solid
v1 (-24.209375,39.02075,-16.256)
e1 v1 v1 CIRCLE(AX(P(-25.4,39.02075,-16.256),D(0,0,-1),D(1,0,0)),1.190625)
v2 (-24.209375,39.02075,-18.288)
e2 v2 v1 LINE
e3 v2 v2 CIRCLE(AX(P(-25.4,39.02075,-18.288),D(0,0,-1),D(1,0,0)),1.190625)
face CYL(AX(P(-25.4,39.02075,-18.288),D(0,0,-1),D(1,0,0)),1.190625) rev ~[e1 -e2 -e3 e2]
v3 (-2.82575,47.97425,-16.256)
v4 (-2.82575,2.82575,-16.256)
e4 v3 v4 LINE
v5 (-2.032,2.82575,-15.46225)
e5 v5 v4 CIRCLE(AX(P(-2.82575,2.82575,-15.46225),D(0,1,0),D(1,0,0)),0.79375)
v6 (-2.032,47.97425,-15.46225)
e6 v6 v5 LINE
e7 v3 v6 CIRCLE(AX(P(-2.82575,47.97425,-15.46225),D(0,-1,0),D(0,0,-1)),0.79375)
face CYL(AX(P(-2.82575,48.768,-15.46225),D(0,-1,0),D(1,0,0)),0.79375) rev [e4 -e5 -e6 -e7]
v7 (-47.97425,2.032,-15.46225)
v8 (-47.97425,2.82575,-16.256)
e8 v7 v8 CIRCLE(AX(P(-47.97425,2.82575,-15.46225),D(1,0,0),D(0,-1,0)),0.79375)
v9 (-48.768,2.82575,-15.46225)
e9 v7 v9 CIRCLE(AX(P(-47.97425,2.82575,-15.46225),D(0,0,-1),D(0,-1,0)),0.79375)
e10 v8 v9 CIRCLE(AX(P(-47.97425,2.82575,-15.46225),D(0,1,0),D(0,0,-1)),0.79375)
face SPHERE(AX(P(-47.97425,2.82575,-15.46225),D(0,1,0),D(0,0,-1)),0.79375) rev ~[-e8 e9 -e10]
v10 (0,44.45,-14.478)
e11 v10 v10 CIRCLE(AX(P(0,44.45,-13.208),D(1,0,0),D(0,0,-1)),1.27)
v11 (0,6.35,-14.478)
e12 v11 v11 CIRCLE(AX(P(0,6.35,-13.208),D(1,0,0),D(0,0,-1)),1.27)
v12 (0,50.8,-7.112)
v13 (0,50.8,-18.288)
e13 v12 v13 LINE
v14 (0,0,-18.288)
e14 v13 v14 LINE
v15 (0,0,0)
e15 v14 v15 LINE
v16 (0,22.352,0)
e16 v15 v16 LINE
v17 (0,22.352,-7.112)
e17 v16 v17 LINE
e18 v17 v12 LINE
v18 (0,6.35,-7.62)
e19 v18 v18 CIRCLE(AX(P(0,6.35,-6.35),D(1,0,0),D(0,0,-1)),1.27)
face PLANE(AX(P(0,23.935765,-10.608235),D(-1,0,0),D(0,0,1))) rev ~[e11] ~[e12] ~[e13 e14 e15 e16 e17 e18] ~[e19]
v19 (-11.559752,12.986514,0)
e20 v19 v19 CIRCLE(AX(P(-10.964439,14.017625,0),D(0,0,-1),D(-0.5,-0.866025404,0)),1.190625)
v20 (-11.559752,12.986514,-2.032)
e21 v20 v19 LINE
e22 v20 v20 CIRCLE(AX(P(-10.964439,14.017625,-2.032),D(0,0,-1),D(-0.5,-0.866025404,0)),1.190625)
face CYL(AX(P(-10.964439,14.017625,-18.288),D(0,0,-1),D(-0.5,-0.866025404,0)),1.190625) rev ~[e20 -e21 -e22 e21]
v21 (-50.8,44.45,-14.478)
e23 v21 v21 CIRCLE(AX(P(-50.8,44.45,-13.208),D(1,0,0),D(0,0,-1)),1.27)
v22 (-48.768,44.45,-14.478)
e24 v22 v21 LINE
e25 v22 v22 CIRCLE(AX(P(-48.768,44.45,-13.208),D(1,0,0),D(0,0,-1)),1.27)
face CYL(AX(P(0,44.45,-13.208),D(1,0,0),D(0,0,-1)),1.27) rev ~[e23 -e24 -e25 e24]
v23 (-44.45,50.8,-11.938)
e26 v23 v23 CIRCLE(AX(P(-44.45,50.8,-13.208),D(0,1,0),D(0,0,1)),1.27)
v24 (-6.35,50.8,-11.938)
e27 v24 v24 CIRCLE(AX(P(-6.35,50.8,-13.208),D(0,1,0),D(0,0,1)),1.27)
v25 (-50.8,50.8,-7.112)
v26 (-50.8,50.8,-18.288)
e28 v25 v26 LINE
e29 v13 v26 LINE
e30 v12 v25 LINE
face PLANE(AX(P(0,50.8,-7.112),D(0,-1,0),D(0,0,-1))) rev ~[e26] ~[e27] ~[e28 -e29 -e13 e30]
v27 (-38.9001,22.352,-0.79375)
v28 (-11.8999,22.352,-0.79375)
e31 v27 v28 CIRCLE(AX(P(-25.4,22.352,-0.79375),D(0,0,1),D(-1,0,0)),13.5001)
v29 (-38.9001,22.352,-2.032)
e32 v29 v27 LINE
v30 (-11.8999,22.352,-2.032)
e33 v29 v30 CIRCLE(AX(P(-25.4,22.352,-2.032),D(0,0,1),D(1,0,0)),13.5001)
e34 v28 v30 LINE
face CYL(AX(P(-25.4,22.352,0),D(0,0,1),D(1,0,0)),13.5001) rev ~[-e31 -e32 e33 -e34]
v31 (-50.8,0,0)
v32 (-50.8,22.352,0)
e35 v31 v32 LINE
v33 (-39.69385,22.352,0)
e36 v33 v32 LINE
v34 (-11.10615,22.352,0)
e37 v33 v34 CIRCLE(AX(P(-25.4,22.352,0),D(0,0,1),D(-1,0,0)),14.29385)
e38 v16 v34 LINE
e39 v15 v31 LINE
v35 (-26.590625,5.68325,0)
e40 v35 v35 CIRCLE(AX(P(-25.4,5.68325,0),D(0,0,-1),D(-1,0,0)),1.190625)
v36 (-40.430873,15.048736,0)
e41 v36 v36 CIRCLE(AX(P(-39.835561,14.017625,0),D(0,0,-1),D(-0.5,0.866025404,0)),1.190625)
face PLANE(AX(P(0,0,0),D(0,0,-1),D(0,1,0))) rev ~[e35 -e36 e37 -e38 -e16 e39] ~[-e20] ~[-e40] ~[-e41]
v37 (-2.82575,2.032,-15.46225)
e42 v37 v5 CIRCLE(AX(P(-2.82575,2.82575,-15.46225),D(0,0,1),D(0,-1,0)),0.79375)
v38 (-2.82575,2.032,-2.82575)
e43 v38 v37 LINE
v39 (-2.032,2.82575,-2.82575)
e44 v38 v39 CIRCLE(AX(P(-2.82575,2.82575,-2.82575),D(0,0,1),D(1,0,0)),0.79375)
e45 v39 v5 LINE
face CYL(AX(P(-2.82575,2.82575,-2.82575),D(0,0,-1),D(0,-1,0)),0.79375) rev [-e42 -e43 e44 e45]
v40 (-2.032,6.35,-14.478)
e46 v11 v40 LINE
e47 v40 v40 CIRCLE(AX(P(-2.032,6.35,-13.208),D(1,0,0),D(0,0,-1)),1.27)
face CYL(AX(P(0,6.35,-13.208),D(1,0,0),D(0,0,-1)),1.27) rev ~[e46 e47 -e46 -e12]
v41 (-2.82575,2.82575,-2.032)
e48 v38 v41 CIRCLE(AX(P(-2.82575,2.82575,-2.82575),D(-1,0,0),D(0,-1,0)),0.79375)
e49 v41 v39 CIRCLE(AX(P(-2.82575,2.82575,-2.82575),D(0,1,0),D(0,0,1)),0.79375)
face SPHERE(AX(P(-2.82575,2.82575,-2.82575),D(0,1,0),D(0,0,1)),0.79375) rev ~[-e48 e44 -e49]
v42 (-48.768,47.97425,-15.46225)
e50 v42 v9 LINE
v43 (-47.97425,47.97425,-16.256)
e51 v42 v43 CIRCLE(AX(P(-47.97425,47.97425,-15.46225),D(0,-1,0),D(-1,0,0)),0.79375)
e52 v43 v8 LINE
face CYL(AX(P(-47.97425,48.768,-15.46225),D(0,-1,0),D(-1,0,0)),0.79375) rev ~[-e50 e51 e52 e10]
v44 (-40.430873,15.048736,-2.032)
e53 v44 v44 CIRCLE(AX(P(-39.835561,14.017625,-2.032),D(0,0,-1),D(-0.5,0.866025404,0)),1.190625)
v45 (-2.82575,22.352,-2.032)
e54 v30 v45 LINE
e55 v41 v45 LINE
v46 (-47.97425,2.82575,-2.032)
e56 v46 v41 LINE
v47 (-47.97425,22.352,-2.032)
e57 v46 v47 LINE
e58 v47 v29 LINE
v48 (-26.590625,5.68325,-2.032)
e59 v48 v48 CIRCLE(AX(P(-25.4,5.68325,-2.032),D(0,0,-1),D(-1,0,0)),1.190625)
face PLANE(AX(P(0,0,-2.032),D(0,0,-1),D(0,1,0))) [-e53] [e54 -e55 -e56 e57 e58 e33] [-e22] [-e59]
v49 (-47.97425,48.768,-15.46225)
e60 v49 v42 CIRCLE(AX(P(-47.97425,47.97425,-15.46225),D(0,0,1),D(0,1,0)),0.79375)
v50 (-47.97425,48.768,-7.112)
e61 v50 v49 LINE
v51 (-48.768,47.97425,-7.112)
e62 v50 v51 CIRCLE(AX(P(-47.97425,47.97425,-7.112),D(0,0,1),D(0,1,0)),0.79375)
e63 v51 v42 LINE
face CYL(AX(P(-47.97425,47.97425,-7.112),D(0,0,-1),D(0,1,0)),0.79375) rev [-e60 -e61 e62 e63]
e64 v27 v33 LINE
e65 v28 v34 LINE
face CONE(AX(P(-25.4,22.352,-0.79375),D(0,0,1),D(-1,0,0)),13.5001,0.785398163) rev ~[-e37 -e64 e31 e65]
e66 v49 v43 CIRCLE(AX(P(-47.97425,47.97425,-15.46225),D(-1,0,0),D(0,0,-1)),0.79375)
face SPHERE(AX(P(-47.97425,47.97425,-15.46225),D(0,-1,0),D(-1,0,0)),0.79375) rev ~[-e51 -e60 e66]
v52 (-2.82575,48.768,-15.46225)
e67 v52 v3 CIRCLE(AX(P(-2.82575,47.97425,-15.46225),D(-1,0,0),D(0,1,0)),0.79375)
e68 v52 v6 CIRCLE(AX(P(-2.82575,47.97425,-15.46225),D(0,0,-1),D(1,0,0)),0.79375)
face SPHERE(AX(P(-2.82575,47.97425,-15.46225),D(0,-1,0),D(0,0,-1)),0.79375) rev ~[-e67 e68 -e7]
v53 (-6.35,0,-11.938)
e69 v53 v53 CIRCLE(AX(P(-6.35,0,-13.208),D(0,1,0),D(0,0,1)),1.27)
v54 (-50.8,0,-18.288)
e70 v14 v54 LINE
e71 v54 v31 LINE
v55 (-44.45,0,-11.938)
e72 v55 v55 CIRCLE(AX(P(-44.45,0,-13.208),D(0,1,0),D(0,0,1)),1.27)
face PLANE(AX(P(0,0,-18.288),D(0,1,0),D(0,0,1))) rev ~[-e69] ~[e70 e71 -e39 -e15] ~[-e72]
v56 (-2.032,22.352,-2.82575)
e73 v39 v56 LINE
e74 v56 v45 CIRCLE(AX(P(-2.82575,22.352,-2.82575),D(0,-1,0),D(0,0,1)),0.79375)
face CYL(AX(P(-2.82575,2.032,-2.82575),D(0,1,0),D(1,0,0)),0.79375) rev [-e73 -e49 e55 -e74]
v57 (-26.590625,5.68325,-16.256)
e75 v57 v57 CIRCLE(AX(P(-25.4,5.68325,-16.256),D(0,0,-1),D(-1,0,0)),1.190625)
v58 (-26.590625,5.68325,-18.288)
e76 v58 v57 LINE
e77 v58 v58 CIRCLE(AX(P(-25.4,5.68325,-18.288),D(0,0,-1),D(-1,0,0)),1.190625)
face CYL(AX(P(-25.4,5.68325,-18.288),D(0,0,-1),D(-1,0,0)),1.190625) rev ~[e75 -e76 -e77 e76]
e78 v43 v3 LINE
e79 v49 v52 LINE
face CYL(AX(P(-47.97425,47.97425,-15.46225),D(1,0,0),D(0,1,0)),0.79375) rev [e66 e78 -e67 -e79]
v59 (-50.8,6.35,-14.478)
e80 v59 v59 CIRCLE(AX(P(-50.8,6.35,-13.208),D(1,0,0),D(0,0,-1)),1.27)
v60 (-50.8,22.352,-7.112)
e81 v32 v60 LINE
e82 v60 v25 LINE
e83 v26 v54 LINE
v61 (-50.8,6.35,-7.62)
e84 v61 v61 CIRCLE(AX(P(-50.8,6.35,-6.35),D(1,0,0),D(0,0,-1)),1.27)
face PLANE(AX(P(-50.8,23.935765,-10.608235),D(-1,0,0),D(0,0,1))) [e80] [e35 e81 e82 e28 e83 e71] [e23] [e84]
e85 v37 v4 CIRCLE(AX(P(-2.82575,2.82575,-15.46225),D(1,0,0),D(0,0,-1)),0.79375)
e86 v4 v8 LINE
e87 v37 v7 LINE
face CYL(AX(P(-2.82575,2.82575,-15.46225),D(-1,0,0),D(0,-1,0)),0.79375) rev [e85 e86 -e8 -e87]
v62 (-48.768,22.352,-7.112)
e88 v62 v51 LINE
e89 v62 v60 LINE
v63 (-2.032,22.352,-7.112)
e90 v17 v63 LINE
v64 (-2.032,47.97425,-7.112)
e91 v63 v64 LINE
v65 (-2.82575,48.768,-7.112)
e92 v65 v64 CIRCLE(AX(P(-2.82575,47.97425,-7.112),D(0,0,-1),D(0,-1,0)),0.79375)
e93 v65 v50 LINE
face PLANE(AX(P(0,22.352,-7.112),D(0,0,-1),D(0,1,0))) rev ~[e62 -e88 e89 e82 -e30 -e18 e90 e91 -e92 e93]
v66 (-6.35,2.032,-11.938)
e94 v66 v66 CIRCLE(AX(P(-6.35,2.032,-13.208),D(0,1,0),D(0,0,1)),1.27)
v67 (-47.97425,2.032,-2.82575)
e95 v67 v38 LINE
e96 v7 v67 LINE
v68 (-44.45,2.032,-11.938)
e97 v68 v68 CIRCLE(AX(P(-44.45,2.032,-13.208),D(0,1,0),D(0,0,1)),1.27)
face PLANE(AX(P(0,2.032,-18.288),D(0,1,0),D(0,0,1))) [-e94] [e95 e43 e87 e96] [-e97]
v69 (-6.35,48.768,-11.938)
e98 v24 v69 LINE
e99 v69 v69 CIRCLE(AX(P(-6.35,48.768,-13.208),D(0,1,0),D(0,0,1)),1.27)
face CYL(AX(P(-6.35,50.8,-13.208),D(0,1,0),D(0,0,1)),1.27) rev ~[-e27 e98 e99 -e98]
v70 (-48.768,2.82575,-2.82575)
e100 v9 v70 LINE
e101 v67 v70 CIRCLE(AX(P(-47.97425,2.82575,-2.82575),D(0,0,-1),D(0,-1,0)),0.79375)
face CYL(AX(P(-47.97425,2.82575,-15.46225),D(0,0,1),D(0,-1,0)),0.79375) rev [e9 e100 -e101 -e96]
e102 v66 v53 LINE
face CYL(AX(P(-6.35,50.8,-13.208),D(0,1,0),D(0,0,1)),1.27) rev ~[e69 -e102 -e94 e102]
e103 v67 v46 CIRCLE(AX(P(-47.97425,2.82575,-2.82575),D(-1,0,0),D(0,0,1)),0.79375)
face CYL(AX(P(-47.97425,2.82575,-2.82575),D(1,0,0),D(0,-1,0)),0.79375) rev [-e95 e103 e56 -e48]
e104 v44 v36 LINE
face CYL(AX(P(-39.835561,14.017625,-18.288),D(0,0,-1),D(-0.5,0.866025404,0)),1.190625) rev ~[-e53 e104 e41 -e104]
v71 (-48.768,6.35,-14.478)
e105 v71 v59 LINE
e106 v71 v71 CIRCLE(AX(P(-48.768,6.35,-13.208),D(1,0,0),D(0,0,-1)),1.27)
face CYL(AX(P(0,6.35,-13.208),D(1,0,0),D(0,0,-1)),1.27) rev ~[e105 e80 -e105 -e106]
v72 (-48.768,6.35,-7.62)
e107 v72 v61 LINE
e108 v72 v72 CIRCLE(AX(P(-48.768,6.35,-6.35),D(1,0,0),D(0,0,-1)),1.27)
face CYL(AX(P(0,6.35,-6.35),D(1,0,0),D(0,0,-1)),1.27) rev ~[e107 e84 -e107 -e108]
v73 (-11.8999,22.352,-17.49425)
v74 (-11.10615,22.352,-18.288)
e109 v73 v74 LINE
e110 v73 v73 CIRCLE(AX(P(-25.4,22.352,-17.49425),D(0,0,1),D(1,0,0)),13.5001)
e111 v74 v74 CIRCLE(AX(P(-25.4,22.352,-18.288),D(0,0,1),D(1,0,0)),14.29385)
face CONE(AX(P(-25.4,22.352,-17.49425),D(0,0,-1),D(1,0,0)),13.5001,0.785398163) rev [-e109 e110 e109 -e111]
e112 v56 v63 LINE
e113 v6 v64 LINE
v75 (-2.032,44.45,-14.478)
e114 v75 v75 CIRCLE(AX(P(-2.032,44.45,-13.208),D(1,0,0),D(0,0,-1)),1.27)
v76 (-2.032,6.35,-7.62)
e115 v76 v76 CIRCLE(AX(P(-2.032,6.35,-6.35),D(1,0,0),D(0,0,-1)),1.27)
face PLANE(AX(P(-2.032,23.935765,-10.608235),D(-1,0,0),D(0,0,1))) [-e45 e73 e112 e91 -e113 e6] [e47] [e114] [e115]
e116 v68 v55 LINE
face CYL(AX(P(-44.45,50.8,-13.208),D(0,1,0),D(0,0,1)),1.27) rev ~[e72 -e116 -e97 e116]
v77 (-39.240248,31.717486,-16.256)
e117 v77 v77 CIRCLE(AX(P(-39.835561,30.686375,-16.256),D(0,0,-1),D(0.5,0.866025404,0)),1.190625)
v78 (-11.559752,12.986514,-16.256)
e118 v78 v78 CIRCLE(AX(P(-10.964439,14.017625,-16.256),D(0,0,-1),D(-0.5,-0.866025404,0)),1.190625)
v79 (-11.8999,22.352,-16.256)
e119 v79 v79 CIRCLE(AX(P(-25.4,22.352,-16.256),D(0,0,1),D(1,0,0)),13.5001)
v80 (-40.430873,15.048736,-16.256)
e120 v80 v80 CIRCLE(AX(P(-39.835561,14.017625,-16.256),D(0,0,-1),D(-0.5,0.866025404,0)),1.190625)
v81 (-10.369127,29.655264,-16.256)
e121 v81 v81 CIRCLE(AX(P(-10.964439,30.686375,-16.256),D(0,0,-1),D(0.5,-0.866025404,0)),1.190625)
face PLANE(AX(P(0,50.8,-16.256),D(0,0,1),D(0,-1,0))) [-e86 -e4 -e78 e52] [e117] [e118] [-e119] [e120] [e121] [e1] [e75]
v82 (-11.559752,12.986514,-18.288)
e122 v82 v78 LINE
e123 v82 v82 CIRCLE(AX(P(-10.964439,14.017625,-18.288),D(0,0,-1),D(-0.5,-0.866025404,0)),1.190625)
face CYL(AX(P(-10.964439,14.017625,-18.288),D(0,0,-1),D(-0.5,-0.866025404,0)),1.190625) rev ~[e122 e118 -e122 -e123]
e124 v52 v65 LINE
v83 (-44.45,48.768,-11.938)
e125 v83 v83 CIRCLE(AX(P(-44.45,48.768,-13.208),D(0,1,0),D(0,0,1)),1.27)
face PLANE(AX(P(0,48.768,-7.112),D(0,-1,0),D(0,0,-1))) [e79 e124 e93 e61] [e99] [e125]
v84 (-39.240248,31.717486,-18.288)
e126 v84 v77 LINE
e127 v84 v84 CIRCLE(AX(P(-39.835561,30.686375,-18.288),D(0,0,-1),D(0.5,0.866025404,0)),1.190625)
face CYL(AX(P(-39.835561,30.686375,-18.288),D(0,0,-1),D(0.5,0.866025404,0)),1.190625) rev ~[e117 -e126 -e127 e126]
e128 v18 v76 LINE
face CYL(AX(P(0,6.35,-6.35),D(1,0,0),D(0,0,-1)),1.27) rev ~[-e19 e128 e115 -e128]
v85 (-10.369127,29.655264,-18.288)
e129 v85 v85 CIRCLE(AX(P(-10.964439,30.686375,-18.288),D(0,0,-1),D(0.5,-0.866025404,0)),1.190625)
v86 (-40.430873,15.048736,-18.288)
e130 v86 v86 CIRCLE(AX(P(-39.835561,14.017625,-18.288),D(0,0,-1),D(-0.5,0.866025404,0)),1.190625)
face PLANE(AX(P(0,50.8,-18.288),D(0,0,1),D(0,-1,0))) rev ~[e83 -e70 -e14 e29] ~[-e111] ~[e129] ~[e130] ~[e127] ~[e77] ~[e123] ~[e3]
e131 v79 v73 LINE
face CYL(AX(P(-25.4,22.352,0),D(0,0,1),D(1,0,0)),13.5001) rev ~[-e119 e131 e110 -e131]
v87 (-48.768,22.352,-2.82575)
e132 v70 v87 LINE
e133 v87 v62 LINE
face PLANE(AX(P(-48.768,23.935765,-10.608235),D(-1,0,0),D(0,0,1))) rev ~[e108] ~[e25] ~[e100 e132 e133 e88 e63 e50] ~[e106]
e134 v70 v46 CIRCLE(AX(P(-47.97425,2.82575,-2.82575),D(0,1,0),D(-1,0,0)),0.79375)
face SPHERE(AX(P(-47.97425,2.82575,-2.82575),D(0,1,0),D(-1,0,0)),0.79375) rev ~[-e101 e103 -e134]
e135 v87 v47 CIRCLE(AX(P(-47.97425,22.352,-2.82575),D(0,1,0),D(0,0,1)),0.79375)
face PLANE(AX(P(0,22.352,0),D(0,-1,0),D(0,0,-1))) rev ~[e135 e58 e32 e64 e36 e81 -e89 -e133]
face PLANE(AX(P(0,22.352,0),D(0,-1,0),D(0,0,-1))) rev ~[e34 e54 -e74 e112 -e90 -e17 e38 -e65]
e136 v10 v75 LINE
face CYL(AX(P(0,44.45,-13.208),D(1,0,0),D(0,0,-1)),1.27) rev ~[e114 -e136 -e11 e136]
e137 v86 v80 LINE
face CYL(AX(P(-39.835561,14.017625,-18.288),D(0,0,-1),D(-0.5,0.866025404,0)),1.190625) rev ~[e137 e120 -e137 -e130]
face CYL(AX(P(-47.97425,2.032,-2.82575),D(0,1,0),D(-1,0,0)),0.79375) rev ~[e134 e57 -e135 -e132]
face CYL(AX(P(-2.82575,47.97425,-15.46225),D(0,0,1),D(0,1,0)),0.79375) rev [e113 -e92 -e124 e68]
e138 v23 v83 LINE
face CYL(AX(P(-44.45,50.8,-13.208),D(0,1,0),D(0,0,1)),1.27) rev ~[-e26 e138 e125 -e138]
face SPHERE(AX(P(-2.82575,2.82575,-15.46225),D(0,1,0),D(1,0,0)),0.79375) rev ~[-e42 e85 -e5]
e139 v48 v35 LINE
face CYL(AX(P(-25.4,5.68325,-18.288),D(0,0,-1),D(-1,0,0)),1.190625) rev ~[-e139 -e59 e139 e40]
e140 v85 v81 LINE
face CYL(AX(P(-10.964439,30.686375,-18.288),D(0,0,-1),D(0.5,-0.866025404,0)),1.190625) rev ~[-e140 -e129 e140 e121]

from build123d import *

# Parameters (mm, degrees)
BASE_EXTRUDE_DEPTH = 50.8
SHELL1_T           = -2.032
SKETCH7_R          = 13.5001
CUT_EXTRUDE1_DEPTH = 75.133197314
SKETCH8_R          = 1.27
CUT_EXTRUDE2_DEPTH = 75.133197314
SKETCH9_R          = 1.27
CUT_EXTRUDE3_DEPTH = 75.133197314
SKETCH10_R         = 1.190625
CUT_EXTRUDE4_DEPTH = 75.133197314
CIRPATTERN1_COUNT  = 6
FILLET1_R          = 0.79375
FILLET2_R          = 0.79375
CHAMFER1_SIZE      = 0.79375


with BuildPart() as part:
    # Sketch6 → Base-Extrude (new body)
    with BuildSketch(Plane(origin=(0, 59.342935223, 0), x_dir=(0, 0, -1), z_dir=(1, 0, 0))):
        Polygon((7.112, -8.542935223), (18.288, -8.542935223), (18.288, -59.342935223), (0, -59.342935223), (0, -36.990935223), (7.112, -36.990935223), align=None)
    extrude(amount=-BASE_EXTRUDE_DEPTH)

    # Shell1
    shell1_openings = [part.faces().sort_by_distance(p)[0] for p in [
        (-25.4, 22.352, -3.556),
        (-25.4, 36.576, -7.112),
    ]]
    offset(amount=SHELL1_T, openings=shell1_openings, kind=Kind.INTERSECTION)

    # Sketch7 → Cut-Extrude1 (cut, through all)
    with BuildSketch(Plane.XY):
        with Locations((-25.4, 22.352)):
            Circle(SKETCH7_R)
    extrude(amount=-CUT_EXTRUDE1_DEPTH, mode=Mode.SUBTRACT)

    # Sketch8 → Cut-Extrude2 (cut, through all)
    with BuildSketch(Plane(origin=(0, 0, 0), x_dir=(0, 0, -1), z_dir=(1, 0, 0))):
        with Locations((13.208, 44.45)):
            Circle(SKETCH8_R)
        with Locations((13.208, 6.35)):
            Circle(SKETCH8_R)
        with Locations((6.35, 6.35)):
            Circle(SKETCH8_R)
    extrude(amount=-CUT_EXTRUDE2_DEPTH, mode=Mode.SUBTRACT)

    # Sketch9 → Cut-Extrude3 (cut, through all)
    with BuildSketch(Plane(origin=(0, 50.8, 0), x_dir=(-1, 0, 0), z_dir=(0, 1, 0))):
        with Locations(Location((44.45, -13.208, 0), (0, 0, 90))):
            Circle(SKETCH9_R)
        with Locations(Location((6.35, -13.208, 0), (0, 0, 90))):
            Circle(SKETCH9_R)
    extrude(amount=-CUT_EXTRUDE3_DEPTH, mode=Mode.SUBTRACT)

    # Sketch10 → Cut-Extrude4 (cut, through all)
    with BuildSketch(Plane(origin=(0, 0, -18.288), x_dir=(-1, 0, 0), z_dir=(0, 0, -1))):
        with Locations((25.4, 5.68325)):
            Circle(SKETCH10_R)
    cut_extrude4 = extrude(amount=-CUT_EXTRUDE4_DEPTH, mode=Mode.SUBTRACT)

    # CirPattern1: Cut-Extrude4 ×6 about axis
    cirpattern1_axis = Axis((-25.4, 22.352, 0), (0, 0, 1))
    for i in range(1, CIRPATTERN1_COUNT):
        add(cut_extrude4.rotate(cirpattern1_axis, i * 360 / CIRPATTERN1_COUNT), mode=Mode.SUBTRACT)

    # Fillet1
    fillet1_edges = [part.edges().sort_by_distance(p)[0] for p in [
        (-48.768, 25.4, -16.256),
        (-48.768, 12.192, -2.032),
        (-2.032, 12.192, -2.032),
        (-2.032, 25.4, -16.256),
    ]]
    fillet(fillet1_edges, radius=FILLET1_R)

    # Fillet2
    fillet2_edges = [part.edges().sort_by_distance(p)[0] for p in [
        (-48.768, 2.032, -9.144),
        (-48.768, 48.768, -11.287125),
        (-2.032, 48.768, -11.287125),
        (-25.4, 48.768, -16.256),
        (-2.264483992, 48.768, -16.023516008),
        (-48.535516008, 48.768, -16.023516008),
        (-25.4, 2.032, -16.256),
        (-2.032, 2.032, -9.144),
        (-25.4, 2.032, -2.032),
        (-48.535516008, 2.032, -2.264483992),
        (-2.264483992, 2.032, -2.264483992),
        (-2.264483992, 2.032, -16.023516008),
        (-48.535516008, 2.032, -16.023516008),
    ]]
    fillet(fillet2_edges, radius=FILLET2_R)

    # Chamfer1
    chamfer1_edges = [part.edges().sort_by_distance(p)[0] for p in [
        (-38.9001, 22.352, -18.288),
        (-25.4, 8.8519, 0),
    ]]
    chamfer(chamfer1_edges, length=CHAMFER1_SIZE)


solid = part.part
